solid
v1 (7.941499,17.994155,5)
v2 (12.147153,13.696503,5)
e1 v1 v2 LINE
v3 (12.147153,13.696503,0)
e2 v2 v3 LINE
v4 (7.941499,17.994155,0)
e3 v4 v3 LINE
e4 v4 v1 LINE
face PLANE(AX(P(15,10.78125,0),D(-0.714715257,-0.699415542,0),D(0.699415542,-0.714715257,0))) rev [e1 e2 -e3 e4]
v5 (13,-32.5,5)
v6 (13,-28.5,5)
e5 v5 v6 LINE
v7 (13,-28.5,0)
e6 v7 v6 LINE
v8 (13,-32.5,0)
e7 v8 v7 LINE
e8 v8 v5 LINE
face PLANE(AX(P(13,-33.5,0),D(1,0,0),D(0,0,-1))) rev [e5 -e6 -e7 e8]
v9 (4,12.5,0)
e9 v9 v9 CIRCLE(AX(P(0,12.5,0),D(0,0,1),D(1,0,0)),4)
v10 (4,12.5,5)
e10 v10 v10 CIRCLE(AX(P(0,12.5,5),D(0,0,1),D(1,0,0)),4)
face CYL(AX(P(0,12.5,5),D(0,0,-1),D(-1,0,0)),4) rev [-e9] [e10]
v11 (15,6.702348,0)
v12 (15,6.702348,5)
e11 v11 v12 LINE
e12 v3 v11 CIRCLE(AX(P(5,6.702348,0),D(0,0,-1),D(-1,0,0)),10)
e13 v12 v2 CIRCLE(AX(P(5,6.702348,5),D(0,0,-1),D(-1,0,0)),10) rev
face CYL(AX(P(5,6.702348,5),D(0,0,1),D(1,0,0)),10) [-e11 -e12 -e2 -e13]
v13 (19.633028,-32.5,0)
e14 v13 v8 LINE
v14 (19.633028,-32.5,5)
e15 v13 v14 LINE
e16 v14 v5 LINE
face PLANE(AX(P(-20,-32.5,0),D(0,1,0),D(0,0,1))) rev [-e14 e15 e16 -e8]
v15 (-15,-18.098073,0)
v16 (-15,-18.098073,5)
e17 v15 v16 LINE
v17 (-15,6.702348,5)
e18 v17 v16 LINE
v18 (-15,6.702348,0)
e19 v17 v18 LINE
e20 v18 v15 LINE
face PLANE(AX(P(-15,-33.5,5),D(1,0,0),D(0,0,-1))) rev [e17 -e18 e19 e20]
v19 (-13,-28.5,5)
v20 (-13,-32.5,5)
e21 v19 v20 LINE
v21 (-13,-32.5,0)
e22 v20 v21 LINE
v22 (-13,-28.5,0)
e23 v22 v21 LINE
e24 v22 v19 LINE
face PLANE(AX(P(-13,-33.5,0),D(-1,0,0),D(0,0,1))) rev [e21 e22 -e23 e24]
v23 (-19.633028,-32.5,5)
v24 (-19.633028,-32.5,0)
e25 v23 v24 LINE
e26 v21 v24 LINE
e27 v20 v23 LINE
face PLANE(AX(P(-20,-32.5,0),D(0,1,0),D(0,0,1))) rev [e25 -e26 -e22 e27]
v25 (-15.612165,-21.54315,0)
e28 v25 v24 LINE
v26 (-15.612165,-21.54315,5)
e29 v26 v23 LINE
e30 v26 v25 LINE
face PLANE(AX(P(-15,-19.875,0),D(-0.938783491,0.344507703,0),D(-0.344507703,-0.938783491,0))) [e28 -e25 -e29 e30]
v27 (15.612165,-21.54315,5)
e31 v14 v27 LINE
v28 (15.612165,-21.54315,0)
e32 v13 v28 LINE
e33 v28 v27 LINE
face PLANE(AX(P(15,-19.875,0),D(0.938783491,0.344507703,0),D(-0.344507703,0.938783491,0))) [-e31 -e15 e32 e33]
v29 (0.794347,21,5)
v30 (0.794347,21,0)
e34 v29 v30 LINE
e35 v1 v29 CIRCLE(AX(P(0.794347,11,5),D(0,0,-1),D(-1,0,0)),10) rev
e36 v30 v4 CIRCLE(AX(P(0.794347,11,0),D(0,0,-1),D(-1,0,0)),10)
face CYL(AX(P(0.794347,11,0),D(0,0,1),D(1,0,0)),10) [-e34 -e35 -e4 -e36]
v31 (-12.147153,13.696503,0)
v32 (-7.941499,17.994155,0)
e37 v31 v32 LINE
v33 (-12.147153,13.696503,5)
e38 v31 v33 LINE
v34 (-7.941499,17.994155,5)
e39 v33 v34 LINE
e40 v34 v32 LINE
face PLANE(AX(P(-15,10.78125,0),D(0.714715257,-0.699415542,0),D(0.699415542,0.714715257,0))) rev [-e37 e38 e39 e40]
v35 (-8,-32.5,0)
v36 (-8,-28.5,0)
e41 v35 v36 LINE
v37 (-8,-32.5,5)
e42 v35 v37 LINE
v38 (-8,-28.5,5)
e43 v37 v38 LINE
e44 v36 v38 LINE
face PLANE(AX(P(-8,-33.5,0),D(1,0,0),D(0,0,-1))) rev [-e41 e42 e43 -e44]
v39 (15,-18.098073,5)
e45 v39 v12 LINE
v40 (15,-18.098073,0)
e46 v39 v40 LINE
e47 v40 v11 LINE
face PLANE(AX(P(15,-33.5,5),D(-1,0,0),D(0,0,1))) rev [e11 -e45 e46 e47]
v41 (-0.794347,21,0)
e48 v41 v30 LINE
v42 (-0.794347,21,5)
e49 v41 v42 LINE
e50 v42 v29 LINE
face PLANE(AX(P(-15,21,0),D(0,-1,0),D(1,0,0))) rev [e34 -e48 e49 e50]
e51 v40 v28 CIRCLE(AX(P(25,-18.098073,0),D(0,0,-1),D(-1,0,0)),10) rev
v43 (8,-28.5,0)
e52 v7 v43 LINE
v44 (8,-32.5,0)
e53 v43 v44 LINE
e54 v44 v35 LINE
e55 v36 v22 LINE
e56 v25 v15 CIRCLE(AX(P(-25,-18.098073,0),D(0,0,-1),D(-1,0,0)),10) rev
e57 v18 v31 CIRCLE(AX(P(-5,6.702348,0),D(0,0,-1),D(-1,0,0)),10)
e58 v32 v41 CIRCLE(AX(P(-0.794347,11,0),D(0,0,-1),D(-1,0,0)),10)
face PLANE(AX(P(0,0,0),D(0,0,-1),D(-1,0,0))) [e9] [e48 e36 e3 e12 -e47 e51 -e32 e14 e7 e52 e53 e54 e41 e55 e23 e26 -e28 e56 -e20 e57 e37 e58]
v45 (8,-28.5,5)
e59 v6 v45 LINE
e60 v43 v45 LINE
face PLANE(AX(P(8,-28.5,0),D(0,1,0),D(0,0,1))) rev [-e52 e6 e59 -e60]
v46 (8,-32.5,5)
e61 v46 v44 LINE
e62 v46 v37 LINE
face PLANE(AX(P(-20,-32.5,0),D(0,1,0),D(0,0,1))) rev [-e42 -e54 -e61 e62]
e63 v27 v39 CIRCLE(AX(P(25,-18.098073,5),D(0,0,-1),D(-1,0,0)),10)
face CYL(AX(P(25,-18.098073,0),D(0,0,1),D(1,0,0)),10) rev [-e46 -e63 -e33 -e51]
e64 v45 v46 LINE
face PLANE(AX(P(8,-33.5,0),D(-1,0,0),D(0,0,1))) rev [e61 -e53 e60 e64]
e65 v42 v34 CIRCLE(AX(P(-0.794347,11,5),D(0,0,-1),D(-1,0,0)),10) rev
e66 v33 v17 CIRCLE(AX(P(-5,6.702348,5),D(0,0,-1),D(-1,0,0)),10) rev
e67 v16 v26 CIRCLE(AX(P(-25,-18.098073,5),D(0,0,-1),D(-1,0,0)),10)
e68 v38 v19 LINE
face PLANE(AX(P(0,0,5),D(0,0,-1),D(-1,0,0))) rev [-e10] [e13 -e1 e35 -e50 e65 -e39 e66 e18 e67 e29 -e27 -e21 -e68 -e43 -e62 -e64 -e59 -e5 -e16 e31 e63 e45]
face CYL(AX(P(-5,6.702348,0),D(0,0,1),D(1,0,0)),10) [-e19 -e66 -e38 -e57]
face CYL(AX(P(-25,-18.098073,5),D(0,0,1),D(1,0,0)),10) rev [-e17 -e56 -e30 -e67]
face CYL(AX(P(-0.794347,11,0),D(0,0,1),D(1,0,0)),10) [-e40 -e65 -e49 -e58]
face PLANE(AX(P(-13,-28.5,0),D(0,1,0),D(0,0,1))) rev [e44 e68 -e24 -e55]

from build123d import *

# Parameters (mm, degrees)
ESQUISSE1_W             = 30
ESQUISSE1_H             = 67
ESQUISSE1_R             = 4
BOSS_EXTRU_1_DEPTH      = 5
ESQUISSE2_W             = 30
ESQUISSE2_H             = 12.5
ENL_V_MAT_EXTRU_1_DEPTH = 5
ESQUISSE3_W             = 5
ESQUISSE3_H             = 5
ENL_V_MAT_EXTRU_2_DEPTH = 38.043892884
BOSS_EXTRU_2_DEPTH      = 5
ENL_V_MAT_EXTRU_3_DEPTH = 40.33509883
ESQUISSE8_W             = 41.113396405
ESQUISSE8_H             = 1
ENL_V_MAT_EXTRU_4_DEPTH = 40.33509883
CONG_1_R                = 10
CONG_2_R                = 10


with BuildPart() as part:
    # Esquisse1 → Boss.-Extru.1 (new body)
    with BuildSketch(Plane.XY):
        Rectangle(ESQUISSE1_W, ESQUISSE1_H)
        with Locations((0, 12.5)):
            Circle(ESQUISSE1_R, mode=Mode.SUBTRACT)
    extrude(amount=BOSS_EXTRU_1_DEPTH)

    # Esquisse2 → Enlèv. mat.-Extru.1 (cut)
    with BuildSketch(Plane.XY.offset(5)):
        with Locations((0, 27.25)):
            Rectangle(ESQUISSE2_W, ESQUISSE2_H)
    extrude(amount=-ENL_V_MAT_EXTRU_1_DEPTH, mode=Mode.SUBTRACT)

    # Esquisse3 → Enlèv. mat.-Extru.2 (cut, through all)
    with BuildSketch(Plane.XY.offset(5)):
        with Locations((-10.5, -31)):
            Rectangle(ESQUISSE3_W, ESQUISSE3_H)
        with Locations((10.5, -31)):
            Rectangle(ESQUISSE3_W, ESQUISSE3_H)
    extrude(amount=-ENL_V_MAT_EXTRU_2_DEPTH, mode=Mode.SUBTRACT)

    # Esquisse5 → Boss.-Extru.2 (add)
    with BuildSketch(Plane.XY.offset(5)):
        Polygon((-15, -19.875), (-20, -33.5), (-15, -33.5), align=None)
        Polygon((15, -19.875), (20, -33.5), (15, -33.5), align=None)
    extrude(amount=-BOSS_EXTRU_2_DEPTH)

    # Esquisse6 → Enlèv. mat.-Extru.3 (cut, through all)
    with BuildSketch(Plane.XY.offset(5)):
        Polygon((-15, 10.78125), (-5, 21), (-15, 21), align=None)
        Polygon((15, 10.78125), (5, 21), (15, 21), align=None)
    extrude(amount=-ENL_V_MAT_EXTRU_3_DEPTH, mode=Mode.SUBTRACT)

    # Esquisse8 → Enlèv. mat.-Extru.4 (cut, through all)
    with BuildSketch(Plane.XY.offset(5)):
        with Locations((0.556698202, -33)):
            Rectangle(ESQUISSE8_W, ESQUISSE8_H)
    extrude(amount=-ENL_V_MAT_EXTRU_4_DEPTH, mode=Mode.SUBTRACT)

    # Congé1
    cong_1_edges = [part.edges().sort_by_distance(p)[0] for p in [
        (-15, 10.78125, 2.5),
        (-5, 21, 2.5),
        (15, 10.78125, 2.5),
        (5, 21, 2.5),
    ]]
    fillet(cong_1_edges, radius=CONG_1_R)

    # Congé2
    cong_2_edges = [part.edges().sort_by_distance(p)[0] for p in [
        (-15, -19.875, 2.5),
        (15, -19.875, 2.5),
    ]]
    fillet(cong_2_edges, radius=CONG_2_R)


solid = part.part
